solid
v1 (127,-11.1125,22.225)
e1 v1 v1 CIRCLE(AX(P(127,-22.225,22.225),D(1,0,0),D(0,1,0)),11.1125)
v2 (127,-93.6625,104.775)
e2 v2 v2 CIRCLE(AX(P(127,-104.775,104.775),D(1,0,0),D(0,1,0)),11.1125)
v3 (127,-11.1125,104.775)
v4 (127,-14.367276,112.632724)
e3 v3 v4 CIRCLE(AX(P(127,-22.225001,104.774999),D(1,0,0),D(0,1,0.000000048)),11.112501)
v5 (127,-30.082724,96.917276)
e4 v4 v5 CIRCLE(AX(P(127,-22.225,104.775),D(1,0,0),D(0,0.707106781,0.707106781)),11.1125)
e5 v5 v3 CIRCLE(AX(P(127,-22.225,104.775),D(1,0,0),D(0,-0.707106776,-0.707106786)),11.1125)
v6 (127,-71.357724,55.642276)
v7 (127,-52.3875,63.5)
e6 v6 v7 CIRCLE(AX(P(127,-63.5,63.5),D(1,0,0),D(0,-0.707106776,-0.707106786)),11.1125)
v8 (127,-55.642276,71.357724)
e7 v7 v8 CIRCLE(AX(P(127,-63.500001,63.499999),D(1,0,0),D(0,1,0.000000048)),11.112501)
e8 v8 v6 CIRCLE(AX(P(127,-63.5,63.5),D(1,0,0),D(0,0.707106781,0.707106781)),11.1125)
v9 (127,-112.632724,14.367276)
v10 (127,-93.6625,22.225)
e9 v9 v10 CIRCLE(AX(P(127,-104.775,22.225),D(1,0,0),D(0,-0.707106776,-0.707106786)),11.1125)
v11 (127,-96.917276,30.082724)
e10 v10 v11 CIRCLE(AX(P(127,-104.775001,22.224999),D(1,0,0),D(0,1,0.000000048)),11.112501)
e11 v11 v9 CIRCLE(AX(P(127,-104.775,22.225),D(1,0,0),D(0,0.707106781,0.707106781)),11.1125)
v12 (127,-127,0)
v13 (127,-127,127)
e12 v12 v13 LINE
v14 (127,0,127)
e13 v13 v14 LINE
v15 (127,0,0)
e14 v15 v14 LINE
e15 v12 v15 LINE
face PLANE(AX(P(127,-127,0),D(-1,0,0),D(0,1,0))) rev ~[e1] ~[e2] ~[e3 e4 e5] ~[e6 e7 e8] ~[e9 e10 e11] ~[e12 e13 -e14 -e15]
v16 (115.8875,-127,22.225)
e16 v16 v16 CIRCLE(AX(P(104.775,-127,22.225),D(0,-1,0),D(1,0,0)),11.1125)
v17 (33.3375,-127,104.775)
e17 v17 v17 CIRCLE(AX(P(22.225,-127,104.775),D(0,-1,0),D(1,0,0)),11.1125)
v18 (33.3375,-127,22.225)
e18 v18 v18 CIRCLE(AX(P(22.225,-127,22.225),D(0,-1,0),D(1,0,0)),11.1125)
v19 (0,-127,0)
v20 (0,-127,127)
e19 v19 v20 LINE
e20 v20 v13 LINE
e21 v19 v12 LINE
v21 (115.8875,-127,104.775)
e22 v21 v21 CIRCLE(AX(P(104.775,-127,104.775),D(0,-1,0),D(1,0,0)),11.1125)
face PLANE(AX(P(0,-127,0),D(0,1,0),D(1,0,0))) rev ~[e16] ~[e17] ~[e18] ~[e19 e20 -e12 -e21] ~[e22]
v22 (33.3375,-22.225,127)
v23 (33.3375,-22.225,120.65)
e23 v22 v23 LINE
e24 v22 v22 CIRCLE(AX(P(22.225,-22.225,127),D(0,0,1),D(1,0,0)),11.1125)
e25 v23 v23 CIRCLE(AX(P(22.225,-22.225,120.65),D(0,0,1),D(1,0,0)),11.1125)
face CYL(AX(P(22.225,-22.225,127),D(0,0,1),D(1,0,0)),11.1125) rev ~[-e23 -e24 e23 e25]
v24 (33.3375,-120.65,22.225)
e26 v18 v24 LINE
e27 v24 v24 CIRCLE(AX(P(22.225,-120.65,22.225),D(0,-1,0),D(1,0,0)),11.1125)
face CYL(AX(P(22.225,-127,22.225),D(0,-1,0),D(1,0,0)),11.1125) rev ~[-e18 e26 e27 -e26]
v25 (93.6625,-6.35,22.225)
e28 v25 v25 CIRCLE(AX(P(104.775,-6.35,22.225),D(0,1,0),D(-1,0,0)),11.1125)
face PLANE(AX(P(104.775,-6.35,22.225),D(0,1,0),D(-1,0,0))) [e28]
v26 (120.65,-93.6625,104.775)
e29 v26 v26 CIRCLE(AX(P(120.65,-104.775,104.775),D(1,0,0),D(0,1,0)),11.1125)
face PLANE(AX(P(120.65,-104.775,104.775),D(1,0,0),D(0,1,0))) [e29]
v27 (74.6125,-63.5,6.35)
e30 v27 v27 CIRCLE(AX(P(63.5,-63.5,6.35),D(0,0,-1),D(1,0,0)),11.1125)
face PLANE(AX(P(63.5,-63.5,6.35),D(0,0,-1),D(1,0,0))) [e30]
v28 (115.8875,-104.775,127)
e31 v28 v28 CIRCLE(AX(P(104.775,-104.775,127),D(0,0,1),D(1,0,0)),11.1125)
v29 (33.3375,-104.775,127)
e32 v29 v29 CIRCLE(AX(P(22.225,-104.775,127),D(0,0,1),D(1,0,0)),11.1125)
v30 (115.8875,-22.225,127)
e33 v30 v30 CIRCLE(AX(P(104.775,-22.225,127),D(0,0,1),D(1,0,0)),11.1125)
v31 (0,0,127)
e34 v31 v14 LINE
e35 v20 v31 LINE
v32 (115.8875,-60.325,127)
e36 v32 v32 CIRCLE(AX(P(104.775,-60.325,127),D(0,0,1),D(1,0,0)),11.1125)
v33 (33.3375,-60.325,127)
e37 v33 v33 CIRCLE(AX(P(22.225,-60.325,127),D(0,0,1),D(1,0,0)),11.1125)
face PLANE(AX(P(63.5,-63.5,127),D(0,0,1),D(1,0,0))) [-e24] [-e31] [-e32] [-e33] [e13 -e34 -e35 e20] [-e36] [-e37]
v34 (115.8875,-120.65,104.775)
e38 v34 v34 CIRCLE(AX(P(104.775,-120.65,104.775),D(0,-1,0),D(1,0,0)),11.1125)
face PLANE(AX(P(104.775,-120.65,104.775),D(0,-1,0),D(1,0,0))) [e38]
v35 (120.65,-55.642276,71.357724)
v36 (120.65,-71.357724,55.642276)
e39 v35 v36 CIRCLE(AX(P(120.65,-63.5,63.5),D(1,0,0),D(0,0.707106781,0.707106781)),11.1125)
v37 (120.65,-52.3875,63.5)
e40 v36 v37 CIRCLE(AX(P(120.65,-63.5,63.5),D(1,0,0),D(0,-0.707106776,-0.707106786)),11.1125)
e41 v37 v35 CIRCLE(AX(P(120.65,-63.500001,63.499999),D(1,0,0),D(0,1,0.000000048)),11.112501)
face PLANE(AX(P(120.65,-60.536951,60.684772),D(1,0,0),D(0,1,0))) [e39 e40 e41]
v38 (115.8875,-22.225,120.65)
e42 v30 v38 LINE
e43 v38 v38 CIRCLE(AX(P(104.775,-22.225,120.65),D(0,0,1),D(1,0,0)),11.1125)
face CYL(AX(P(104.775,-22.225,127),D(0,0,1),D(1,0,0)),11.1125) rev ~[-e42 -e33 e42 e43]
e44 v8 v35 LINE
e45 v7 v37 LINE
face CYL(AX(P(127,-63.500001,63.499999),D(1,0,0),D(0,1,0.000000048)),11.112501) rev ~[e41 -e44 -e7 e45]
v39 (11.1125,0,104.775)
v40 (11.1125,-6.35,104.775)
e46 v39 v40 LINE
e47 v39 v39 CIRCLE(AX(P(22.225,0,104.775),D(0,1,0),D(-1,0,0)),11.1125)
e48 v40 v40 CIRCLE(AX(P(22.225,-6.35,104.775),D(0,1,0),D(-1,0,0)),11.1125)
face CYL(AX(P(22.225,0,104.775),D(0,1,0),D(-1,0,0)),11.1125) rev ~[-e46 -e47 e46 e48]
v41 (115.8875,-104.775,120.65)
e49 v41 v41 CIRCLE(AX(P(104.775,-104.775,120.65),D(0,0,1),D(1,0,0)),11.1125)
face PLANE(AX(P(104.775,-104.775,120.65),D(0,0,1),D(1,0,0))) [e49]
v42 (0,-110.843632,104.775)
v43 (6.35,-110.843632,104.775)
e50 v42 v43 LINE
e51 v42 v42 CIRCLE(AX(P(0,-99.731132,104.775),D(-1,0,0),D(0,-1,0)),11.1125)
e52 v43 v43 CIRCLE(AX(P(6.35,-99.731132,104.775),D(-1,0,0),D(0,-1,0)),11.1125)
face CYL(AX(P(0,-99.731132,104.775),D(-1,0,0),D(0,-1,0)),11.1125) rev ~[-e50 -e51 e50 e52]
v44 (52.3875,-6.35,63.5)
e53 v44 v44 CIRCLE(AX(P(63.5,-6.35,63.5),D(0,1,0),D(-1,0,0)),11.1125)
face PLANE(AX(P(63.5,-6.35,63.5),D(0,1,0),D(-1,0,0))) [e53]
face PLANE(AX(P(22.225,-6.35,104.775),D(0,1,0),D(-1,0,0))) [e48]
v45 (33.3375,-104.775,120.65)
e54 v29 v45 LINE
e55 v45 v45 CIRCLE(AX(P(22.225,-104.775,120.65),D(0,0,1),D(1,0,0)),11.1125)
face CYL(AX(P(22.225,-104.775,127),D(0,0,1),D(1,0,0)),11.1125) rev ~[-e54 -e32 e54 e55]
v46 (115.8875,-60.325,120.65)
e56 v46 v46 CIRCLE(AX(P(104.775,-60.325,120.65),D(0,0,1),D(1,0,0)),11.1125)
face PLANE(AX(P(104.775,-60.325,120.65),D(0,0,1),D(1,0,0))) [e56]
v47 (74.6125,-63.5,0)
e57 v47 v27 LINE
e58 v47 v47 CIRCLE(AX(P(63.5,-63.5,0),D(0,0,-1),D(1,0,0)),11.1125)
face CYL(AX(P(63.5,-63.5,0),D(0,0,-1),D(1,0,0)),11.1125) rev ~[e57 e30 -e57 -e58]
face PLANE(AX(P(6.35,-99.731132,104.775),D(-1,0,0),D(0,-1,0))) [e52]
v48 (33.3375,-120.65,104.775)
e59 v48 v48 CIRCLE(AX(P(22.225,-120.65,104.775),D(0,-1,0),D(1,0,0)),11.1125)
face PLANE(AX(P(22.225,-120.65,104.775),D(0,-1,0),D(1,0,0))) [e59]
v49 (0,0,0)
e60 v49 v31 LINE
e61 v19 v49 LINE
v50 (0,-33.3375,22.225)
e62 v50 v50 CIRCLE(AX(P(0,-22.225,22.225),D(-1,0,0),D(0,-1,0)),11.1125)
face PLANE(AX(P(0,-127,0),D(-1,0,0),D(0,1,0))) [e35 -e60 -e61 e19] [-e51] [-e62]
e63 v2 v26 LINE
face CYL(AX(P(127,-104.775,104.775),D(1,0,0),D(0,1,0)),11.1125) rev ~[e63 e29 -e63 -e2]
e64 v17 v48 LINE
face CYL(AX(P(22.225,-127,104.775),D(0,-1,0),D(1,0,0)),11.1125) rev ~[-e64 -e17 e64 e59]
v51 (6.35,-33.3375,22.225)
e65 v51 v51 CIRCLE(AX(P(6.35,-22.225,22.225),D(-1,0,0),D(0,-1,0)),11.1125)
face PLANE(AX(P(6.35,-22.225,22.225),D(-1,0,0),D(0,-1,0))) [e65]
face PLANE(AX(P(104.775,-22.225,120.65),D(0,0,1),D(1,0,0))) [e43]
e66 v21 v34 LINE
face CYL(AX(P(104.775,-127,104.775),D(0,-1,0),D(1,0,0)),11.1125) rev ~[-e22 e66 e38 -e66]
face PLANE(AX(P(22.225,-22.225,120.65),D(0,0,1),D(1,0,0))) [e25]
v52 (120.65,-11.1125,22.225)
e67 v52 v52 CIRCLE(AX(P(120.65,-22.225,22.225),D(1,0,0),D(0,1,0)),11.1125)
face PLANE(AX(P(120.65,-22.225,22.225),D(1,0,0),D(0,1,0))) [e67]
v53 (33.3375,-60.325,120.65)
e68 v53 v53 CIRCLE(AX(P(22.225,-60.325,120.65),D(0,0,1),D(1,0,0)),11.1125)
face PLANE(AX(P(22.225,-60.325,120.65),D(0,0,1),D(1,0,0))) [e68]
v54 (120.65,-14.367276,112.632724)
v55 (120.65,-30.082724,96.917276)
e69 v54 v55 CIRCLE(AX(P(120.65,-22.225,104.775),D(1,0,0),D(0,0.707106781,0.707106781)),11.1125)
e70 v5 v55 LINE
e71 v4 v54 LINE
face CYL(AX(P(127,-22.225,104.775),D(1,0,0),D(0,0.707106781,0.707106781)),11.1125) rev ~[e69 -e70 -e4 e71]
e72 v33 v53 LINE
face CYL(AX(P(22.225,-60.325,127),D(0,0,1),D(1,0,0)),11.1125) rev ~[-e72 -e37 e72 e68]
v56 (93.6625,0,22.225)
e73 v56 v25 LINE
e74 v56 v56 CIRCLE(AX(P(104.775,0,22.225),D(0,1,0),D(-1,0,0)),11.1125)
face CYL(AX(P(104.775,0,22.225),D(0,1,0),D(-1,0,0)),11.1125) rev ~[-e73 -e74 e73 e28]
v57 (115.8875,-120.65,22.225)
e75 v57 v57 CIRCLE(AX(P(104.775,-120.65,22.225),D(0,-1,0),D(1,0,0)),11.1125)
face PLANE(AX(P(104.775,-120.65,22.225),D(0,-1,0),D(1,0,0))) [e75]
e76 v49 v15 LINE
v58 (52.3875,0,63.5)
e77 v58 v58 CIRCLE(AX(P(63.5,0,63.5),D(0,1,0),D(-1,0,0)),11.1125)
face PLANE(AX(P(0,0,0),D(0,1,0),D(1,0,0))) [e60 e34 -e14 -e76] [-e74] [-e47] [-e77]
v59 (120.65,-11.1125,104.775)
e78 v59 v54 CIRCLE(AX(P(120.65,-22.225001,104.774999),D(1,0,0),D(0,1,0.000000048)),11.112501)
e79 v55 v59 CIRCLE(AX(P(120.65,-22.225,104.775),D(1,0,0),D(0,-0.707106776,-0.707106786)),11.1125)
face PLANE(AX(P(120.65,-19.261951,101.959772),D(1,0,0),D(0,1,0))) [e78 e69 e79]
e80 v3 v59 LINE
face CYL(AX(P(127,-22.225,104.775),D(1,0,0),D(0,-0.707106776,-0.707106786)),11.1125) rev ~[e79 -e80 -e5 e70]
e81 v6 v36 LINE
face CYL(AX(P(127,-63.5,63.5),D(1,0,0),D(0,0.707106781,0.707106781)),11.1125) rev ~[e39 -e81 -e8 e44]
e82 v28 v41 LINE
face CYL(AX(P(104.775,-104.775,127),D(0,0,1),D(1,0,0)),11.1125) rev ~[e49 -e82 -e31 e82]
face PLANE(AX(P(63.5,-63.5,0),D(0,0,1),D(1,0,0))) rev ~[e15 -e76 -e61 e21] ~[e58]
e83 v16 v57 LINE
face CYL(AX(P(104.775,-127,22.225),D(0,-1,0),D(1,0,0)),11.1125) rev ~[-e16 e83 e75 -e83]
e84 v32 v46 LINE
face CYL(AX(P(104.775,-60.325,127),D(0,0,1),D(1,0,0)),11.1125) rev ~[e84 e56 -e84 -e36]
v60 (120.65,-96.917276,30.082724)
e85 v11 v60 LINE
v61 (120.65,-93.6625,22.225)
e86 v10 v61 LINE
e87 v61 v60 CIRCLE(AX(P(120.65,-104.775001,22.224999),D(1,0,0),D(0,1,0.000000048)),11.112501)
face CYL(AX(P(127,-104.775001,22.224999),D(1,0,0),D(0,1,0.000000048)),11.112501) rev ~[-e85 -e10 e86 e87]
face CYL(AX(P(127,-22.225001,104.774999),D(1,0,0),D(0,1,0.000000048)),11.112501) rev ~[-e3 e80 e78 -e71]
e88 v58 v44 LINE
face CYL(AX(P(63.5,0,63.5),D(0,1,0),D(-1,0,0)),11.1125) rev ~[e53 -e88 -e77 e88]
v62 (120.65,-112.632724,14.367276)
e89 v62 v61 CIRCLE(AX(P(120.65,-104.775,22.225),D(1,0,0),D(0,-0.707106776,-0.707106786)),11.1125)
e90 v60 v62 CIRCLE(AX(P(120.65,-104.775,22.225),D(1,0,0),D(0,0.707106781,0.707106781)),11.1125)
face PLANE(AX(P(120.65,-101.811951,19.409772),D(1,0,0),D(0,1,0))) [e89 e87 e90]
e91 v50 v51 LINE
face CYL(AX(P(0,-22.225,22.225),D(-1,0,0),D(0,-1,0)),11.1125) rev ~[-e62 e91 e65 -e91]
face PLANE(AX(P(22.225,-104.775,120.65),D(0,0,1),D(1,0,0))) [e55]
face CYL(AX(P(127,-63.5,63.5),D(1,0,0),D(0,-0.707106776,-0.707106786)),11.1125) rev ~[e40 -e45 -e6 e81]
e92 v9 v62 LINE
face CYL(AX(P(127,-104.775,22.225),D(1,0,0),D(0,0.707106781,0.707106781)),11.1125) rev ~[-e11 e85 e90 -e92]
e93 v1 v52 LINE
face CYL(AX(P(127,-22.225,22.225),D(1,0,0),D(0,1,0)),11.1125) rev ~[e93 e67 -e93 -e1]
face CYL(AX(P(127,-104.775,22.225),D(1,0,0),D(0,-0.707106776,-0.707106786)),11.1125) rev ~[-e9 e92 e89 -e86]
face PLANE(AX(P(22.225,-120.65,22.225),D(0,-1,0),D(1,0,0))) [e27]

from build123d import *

# Parameters (mm, degrees)
F0_W      = 127
F0_H      = 127
F1_DEPTH  = 127
F2_R      = 11.1125
F3_DEPTH  = 6.35
F4_R      = 11.1125
F5_DEPTH  = 6.35
F6_R      = 11.1125
F7_DEPTH  = 6.35
F8_R      = 11.1125
F9_DEPTH  = 6.35
F10_R     = 11.1125
F11_DEPTH = 6.35
F12_R     = 11.1125
F13_DEPTH = 6.35


with BuildPart() as f1:
    # F0 (on Top) → F1 (new body)
    with BuildSketch(Plane.XY):
        with Locations((63.5, -63.5)):
            Rectangle(F0_W, F0_H)
    extrude(amount=F1_DEPTH)

    # F2 (on face) → F3 (cut)
    with BuildSketch(Plane(origin=(0, 0, 0), x_dir=(1, 0, 0), z_dir=(0, 0, -1))):
        with Locations((63.5, 63.5)):
            Circle(F2_R)
    extrude(amount=-F3_DEPTH, mode=Mode.SUBTRACT)

    # F4 (on face) → F5 (cut)
    with BuildSketch(Plane(origin=(0, 0, 0), x_dir=(0, -1, 0), z_dir=(-1, 0, 0))):
        with Locations((99.731132, 104.775)):
            Circle(F4_R)
        with Locations((22.225, 22.225)):
            Circle(F4_R)
    extrude(amount=-F5_DEPTH, mode=Mode.SUBTRACT)

    # F6 (on face) → F7 (cut)
    with BuildSketch(Plane(origin=(0, 0, 0), x_dir=(-1, 0, 0), z_dir=(0, 1, 0))):
        with Locations((-22.225, 104.775)):
            Circle(F6_R)
        with Locations((-63.5, 63.5)):
            Circle(F6_R)
        with Locations((-104.775, 22.225)):
            Circle(F6_R)
    extrude(amount=-F7_DEPTH, mode=Mode.SUBTRACT)

    # F8 (on face) → F9 (cut)
    with BuildSketch(Plane.XY.offset(127)):
        with Locations((22.225, -22.225)):
            Circle(F8_R)
        with Locations((22.225, -60.325)):
            Circle(F8_R)
        with Locations((22.225, -104.775)):
            Circle(F8_R)
        with Locations((104.775, -60.325)):
            Circle(F8_R)
        with Locations((104.775, -104.775)):
            Circle(F8_R)
        with Locations((104.775, -22.225)):
            Circle(F8_R)
    extrude(amount=-F9_DEPTH, mode=Mode.SUBTRACT)

    # F10 (on face) → F11 (cut)
    with BuildSketch(Plane.XZ.offset(127)):
        with Locations((104.775, 22.225)):
            Circle(F10_R)
        with Locations((104.775, 104.775)):
            Circle(F10_R)
        with Locations((22.225, 104.775)):
            Circle(F10_R)
        with Locations((22.225, 22.225)):
            Circle(F10_R)
    extrude(amount=-F11_DEPTH, mode=Mode.SUBTRACT)

    # F12 (on face) → F13 (cut)
    with BuildSketch(Plane.YZ.offset(127)):
        with BuildLine():
            ThreePointArc((-11.1125, 104.775), (-11.958389, 109.02757), (-14.367276, 112.632724))
            Line((-14.367276, 112.632724), (-30.082724, 96.917276))
            ThreePointArc((-30.082724, 96.917276), (-17.97243, 94.508389), (-11.1125, 104.775))
        make_face()
        with BuildLine():
            ThreePointArc((-93.6625, 22.225), (-94.508389, 26.47757), (-96.917276, 30.082724))
            Line((-96.917276, 30.082724), (-112.632724, 14.367276))
            ThreePointArc((-112.632724, 14.367276), (-100.52243, 11.958389), (-93.6625, 22.225))
        make_face()
        with BuildLine():
            Line((-112.632724, 14.367276), (-96.917276, 30.082724))
            ThreePointArc((-96.917276, 30.082724), (-112.632724, 30.082724), (-112.632724, 14.367276))
        make_face()
        with BuildLine():
            ThreePointArc((-52.3875, 63.5), (-53.233389, 67.75257), (-55.642276, 71.357724))
            Line((-55.642276, 71.357724), (-71.357724, 55.642276))
            ThreePointArc((-71.357724, 55.642276), (-59.24743, 53.233389), (-52.3875, 63.5))
        make_face()
        with BuildLine():
            Line((-71.357724, 55.642276), (-55.642276, 71.357724))
            ThreePointArc((-55.642276, 71.357724), (-71.357724, 71.357724), (-71.357724, 55.642276))
        make_face()
        with BuildLine():
            Line((-30.082724, 96.917276), (-14.367276, 112.632724))
            ThreePointArc((-14.367276, 112.632724), (-30.082724, 112.632724), (-30.082724, 96.917276))
        make_face()
        with Locations((-22.225, 22.225)):
            Circle(F12_R)
        with Locations((-104.775, 104.775)):
            Circle(F12_R)
    extrude(amount=-F13_DEPTH, mode=Mode.SUBTRACT)


solid = f1.part
